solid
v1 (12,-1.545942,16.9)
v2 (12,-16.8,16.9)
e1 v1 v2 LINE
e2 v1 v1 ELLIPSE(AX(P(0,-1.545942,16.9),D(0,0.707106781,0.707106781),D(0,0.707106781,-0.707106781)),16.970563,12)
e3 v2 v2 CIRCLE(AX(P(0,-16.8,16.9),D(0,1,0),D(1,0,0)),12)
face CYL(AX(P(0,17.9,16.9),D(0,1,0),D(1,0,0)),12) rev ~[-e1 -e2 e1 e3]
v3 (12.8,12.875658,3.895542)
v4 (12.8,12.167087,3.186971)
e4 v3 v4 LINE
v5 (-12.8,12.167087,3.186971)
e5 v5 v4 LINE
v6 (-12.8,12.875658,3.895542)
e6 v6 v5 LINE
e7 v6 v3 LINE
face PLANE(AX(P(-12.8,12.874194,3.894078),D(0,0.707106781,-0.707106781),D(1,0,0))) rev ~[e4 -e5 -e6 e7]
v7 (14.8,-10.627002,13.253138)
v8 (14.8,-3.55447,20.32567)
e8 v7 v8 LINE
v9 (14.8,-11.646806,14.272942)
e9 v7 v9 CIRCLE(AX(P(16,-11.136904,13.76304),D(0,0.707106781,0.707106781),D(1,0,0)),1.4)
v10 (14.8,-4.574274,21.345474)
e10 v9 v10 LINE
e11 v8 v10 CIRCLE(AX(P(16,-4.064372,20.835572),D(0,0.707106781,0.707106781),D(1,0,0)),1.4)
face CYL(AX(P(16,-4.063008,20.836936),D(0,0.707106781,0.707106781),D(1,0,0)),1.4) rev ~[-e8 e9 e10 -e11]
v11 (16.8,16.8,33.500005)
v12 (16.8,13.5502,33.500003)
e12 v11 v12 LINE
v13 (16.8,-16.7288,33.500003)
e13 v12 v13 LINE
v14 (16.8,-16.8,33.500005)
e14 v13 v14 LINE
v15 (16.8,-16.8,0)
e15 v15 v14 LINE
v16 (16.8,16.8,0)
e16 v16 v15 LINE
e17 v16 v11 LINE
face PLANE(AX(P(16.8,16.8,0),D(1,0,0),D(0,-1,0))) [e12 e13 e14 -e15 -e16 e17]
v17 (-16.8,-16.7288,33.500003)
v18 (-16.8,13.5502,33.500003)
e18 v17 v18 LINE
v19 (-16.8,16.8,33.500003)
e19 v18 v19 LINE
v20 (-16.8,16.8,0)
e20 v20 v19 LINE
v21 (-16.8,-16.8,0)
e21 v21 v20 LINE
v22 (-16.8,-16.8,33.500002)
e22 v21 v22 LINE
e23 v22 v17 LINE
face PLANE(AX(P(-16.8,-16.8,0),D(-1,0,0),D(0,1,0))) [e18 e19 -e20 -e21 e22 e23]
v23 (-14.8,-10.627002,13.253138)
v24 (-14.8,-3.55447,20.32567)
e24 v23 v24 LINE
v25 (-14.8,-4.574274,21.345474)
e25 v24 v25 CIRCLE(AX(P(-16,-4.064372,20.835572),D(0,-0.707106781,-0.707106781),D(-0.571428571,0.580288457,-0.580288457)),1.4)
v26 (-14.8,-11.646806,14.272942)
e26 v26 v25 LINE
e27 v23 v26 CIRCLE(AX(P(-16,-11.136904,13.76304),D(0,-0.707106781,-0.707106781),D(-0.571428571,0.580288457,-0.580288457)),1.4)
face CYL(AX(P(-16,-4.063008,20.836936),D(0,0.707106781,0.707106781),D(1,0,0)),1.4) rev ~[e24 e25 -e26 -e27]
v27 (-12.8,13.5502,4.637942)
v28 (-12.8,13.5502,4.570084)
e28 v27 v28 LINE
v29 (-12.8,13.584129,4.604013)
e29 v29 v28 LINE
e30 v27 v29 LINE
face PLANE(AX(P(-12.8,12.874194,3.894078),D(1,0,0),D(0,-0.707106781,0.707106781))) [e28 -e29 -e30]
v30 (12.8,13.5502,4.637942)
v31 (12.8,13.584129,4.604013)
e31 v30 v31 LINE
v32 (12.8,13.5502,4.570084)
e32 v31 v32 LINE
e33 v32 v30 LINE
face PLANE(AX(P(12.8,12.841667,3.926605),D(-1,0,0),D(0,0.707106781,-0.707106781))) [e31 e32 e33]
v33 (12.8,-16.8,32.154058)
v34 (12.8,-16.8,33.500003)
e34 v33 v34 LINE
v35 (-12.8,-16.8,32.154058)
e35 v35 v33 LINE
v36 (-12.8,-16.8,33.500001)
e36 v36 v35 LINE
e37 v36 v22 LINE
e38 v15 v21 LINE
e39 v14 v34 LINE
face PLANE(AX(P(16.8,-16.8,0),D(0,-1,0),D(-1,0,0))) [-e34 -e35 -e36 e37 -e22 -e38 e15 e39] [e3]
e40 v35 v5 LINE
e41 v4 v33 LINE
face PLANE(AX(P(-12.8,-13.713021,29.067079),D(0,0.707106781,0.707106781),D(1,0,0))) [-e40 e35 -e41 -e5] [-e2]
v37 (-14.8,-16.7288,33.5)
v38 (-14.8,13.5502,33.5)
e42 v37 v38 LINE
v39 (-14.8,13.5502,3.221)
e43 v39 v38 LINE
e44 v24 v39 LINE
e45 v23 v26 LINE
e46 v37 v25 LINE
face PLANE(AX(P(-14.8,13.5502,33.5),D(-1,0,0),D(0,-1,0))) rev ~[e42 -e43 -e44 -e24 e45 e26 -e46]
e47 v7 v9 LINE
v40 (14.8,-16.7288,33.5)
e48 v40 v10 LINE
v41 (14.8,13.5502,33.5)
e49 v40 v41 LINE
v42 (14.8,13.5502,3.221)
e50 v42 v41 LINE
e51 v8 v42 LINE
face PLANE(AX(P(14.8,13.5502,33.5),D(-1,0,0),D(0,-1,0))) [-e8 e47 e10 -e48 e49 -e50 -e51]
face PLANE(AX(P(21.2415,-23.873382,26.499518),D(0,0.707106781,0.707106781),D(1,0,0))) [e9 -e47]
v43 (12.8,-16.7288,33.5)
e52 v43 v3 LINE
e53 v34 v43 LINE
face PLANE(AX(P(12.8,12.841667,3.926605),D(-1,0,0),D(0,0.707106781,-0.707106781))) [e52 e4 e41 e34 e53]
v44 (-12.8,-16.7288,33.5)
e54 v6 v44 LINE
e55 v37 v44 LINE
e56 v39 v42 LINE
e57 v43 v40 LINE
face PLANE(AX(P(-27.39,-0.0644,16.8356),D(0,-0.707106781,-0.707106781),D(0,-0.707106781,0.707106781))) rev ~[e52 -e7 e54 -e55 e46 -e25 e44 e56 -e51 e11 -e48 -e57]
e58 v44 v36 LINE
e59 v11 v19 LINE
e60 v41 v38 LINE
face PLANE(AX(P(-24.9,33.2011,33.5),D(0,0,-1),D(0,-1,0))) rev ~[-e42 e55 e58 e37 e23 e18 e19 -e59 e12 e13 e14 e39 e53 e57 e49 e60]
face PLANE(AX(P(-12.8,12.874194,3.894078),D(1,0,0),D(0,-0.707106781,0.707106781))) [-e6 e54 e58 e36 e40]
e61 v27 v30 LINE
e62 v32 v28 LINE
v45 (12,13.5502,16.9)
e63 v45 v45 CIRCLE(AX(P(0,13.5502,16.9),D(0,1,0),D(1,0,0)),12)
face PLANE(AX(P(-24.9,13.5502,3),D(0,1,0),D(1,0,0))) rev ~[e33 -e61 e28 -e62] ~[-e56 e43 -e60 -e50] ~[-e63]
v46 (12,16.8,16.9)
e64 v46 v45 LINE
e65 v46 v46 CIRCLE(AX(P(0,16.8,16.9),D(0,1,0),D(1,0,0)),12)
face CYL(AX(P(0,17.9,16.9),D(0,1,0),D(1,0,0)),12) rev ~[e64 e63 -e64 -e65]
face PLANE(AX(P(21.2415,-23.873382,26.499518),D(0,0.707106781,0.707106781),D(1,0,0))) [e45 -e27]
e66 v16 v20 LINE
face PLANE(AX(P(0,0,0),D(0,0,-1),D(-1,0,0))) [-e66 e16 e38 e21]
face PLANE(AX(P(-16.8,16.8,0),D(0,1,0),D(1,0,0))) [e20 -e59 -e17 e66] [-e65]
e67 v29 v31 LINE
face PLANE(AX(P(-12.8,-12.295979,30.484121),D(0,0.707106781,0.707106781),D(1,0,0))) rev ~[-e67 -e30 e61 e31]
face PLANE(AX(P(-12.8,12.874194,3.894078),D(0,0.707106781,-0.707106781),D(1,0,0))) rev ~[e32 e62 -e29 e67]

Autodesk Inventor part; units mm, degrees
ref_plane "YZ Plane" through (0, 0, 0) normal (1, 0, 0) x (0, 1, 0)
sketch "Sketch1" plane through (0, 0, 0) normal (0, 0, 1) x (1, 0, 0)
  line L0 (-34.86, 0) -> (34.86, 0) construction
  line L1 (0, -34.86) -> (0, 34.86) construction
  line L2 (0, 0) -> (16.9726, 16.9726) construction
  line L3 (0, 0) -> (24.0028, 0) construction
  line L4 (0, 24.9) -> (16.8009, 24.9)
  line L5 (16.8009, 24.9) -> (16.8009, 21.2415)
  line L6 (16.8009, 21.2415) -> (19.0212, 19.0212)
  line L7 (24.9, 0) -> (24.9, 16.8009)
  line L8 (24.9, 16.8009) -> (21.2415, 16.8009)
  line L9 (21.2415, 16.8009) -> (19.0212, 19.0212)
  line L10 (0, -24.9) -> (16.8009, -24.9)
  line L11 (16.8009, -24.9) -> (16.8009, -21.2415)
  line L12 (16.8009, -21.2415) -> (19.0212, -19.0212)
  line L13 (24.9, 0) -> (24.9, -16.8009)
  line L14 (24.9, -16.8009) -> (21.2415, -16.8009)
  line L15 (21.2415, -16.8009) -> (19.0212, -19.0212)
  line L16 (0, 0) -> (-16.9726, 16.9726) construction
  line L17 (0, 0) -> (-24.0028, 0) construction
  line L18 (0, 24.9) -> (-16.8009, 24.9)
  line L19 (-16.8009, 24.9) -> (-16.8009, 21.2415)
  line L20 (-16.8009, 21.2415) -> (-19.0212, 19.0212)
  line L21 (-24.9, 0) -> (-24.9, 16.8009)
  line L22 (-24.9, 16.8009) -> (-21.2415, 16.8009)
  line L23 (-21.2415, 16.8009) -> (-19.0212, 19.0212)
  line L24 (0, -24.9) -> (-16.8009, -24.9)
  line L25 (-16.8009, -24.9) -> (-16.8009, -21.2415)
  line L26 (-16.8009, -21.2415) -> (-19.0212, -19.0212)
  line L27 (-21.2415, -16.8009) -> (-19.0212, -19.0212)
  line L28 (-24.9, -16.8009) -> (-21.2415, -16.8009)
  line L29 (-24.9, 0) -> (-24.9, -16.8009)
  circle A0 centre (0, 0) radius 7.5
  dimension "d17" = 45
  dimension "d18" = 24.9
  dimension "d20" = 3.14
  dimension "d21" = 26.9
  dimension "d22" = 15
extrude "Extrusion1" add sketch "Sketch1" along normal blind 3 contours L4 L5 L6 L9 L8 L7 L13 L14 L15 L12 L11 L10 L24 L25 L26 L27 L28 L29 L21 L22 L23 L20 L19 L18 | A0
sketch "Sketch6" plane through (0, 0, 3) normal (0, 0, 1) x (1, 0, 0)
  line L0 (16.8009, 24.9) -> (-16.8009, 24.9) projected
  line L1 (-16.8009, 24.9) -> (-16.8009, 21.2415) projected
  line L2 (-16.8009, 21.2415) -> (-21.2415, 16.8009) projected
  line L3 (-21.2415, 16.8009) -> (-24.9, 16.8009) projected
  line L4 (-24.9, 16.8009) -> (-24.9, -16.8009) projected
  line L5 (-24.9, -16.8009) -> (-21.2415, -16.8009) projected
  line L6 (-21.2415, -16.8009) -> (-16.8009, -21.2415) projected
  line L7 (-16.8009, -21.2415) -> (-16.8009, -24.9) projected
  line L8 (-16.8009, -24.9) -> (16.8009, -24.9) projected
  line L9 (16.8009, -24.9) -> (16.8009, -21.2415) projected
  line L10 (16.8009, -21.2415) -> (21.2415, -16.8009) projected
  line L11 (21.2415, -16.8009) -> (24.9, -16.8009) projected
  line L12 (24.9, -16.8009) -> (24.9, 16.8009) projected
  line L13 (24.9, 16.8009) -> (21.2415, 16.8009) projected
  line L14 (21.2415, 16.8009) -> (16.8009, 21.2415) projected
  line L15 (16.8009, 21.2415) -> (16.8009, 24.9) projected
  line L16 (24.9, -16.8009) -> (24.9, 16.8009) projected
  line L17 (24.9, 13.5502) -> (-24.9, 13.5502)
  line L18 (-24.9, 16.8009) -> (-24.9, -16.8009) projected
  point P0 (0, 0)
ref_plane "Work Plane2" through (-27.39, -0.0644, 16.8356) normal (0, -0.7071, -0.7071) x (0, 0.7071, -0.7071)
extrude "Extrusion6" add sketch "Sketch6" along normal up to surface contours L12 L11 L10 L9 L8 L7 L6 L5 L4 L17 surface through (-27.39, -0.0644, 16.8356) normal (0, -0.7071, -0.7071)
sketch "Sketch7" plane through (-16.8009, -24.9, 0) normal (0, -1, 0) x (1, 0, 0)
  line L0 (-0.0991, 33.8) -> (0.8009, 33.8) projected
  arc A0 (-6.0991, 41.8) -> (-8.0991, 39.8) centre (-6.0991, 39.8) ccw projected
  arc A1 (41.7009, 39.8) -> (39.7009, 41.8) centre (39.7009, 39.8) ccw projected
  line L1 (41.9057, 41.8) -> (-10.6447, 41.8)
  line L2 (-10.6447, 41.8) -> (-10.6447, 33.8)
  line L3 (-10.6447, 33.8) -> (41.9057, 33.8)
  line L4 (41.9057, 33.8) -> (41.9057, 41.8)
  point P0 (16.8009, 0)
extrude "Extrusion7" cut sketch "Sketch7" against normal through all
sketch "Sketch8" plane through (21.2415, -16.8009, 0) normal (0, -1, 0) x (1, 0, 0)
  line L0 (-8.7415, 0) -> (-33.7415, 0) projected
  line L1 (-33.7415, -1) -> (-8.7415, -1) projected
  line L2 (-46.1415, 33.572) -> (-42.483, 33.572) projected
  line L3 (3.6585, 33.8) -> (0.0423, 33.8) projected
  line L4 (0, 33.572) -> (3.6585, 33.572) projected
  line L5 (-46.1415, 3.2209) -> (-46.1415, 33.572) projected
  line L6 (3.6585, 33.572) -> (-46.1415, 33.572)
  line L7 (-46.1415, 33.572) -> (-46.1415, 30.572)
  line L8 (-46.1415, 30.572) -> (3.6585, 30.572)
  line L9 (3.6585, 30.572) -> (3.6585, 33.572)
  dimension "d45" = 3
sketch "Sketch9" plane through (-16.8009, -24.9, 0) normal (0, -1, 0) x (1, 0, 0)
  line L0 (33.7009, 0) -> (33.0009, 0) construction
  line L1 (36.0327, -6) -> (22.7009, -6) construction
  circle A0 centre (16.8009, 16.9) radius 16.9 construction
  circle A1 centre (16.8009, 16.9) radius 7.5
  line L2 (39.7009, 8.1978) -> (33.7009, 8.1978) projected
  line L3 (33.7009, 8.1978) -> (33.7009, 0) projected
  line L4 (33.0009, 0) -> (33.0009, -3.7) projected
  line L5 (33.0009, -3.7) -> (22.7009, -3.7) projected
  line L6 (22.7009, -3.7) -> (22.7009, -6) projected
  arc A2 (39.7009, -2.3319) -> (36.0327, -6) centre (36.8009, -3.1) ccw projected
  line L7 (39.7009, 8.1978) -> (39.7009, -2.3319) projected
  point P0 (16.8009, 0)
  dimension "d46" = 15
extrude "Extrusion8" cut sketch "Sketch9" against normal through all
sketch "Sketch10" plane through (-16.8009, -24.9, 0) normal (0, -1, 0) x (1, 0, 0)
  circle A0 centre (16.8009, 16.9) radius 7.5 projected
  circle A1 centre (16.8009, 16.9) radius 12.75
  point P0 (16.8009, 0)
  dimension "d49" = 25.5
extrude "Extrusion9" cut sketch "Sketch10" against normal blind 7
sketch "Sketch12" plane through (-24.9, 13.5502, 3.2209) normal (0, 0.7071, 0.7071) x (1, 0, 0)
  line L0 (32.9, -31.2053) -> (32.9, -6.2053) construction
  line L1 (32.9, -6.2053) -> (16.9, -6.2053) construction
  line L2 (16.9, -6.2053) -> (16.9, -31.2053) construction
  line L3 (16.9, -31.2053) -> (32.9, -31.2053) construction
  line L4 (37.7, -37.554) -> (12.1, -37.554)
  line L5 (12.1, -37.554) -> (12.1, -0.954)
  line L6 (12.1, -0.954) -> (37.7, -0.954)
  line L7 (37.7, -0.954) -> (37.7, -37.554)
  line L8 (37.7, -37.554) -> (12.1, -0.954) construction
  line L9 (12.1, -37.554) -> (37.7, -0.954) construction
  line L10 (10.6, -39.054) -> (39.2, -39.054)
  line L11 (39.2, -39.054) -> (39.2, 0.546)
  line L12 (39.2, 0.546) -> (10.6, 0.546)
  line L13 (10.6, 0.546) -> (10.6, -39.054)
  point P0 (24.9, -19.254)
  point P1 (24.9, -8.7385)
  point P2 (24.9, -8.7385)
  dimension "d81" = 25.6
  dimension "d82" = 36.6
  dimension "d83" = 1.5
sketch "Sketch13" plane through (0, 0, 3) normal (0, 0, 1) x (1, 0, 0)
  line L0 (24.9, 13.5502) -> (24.9, 16.8009) projected
  line L1 (24.9, 16.8009) -> (21.2415, 16.8009) projected
  line L2 (21.2415, 16.8009) -> (16.8009, 21.2415) projected
  line L3 (16.8009, 21.2415) -> (16.8009, 24.9) projected
  line L4 (16.8009, 24.9) -> (-16.8009, 24.9) projected
  line L5 (-16.8009, 24.9) -> (-16.8009, 21.2415) projected
  line L6 (-16.8009, 21.2415) -> (-21.2415, 16.8009) projected
  line L7 (-21.2415, 16.8009) -> (-24.9, 16.8009) projected
  line L8 (-24.9, 16.8009) -> (-24.9, 13.5502) projected
  line L9 (-24.9, 13.5502) -> (24.9, 13.5502) projected
  point P0 (0, 0)
ref_plane "Work Plane3" through (-16.9, 21.1423, 33.8) normal (0, 0, -1) x (0, 1, 0)
extrude "Extrusion12" add sketch "Sketch13" along normal up to surface (30.8 mm away)
sketch "Sketch14" plane through (-16.8009, 24.9, 0) normal (0, 1, 0) x (1, 0, 0)
  line L0 (-0.0991, -33.8) -> (-0.0991, 0) construction
  line L1 (33.6017, -33.8) -> (0, -33.8) projected
  line L2 (0, 0) -> (33.6017, 0) projected
  line L3 (33.6017, 0) -> (33.6017, -33.8) projected
  arc A0 (16.8009, -9.4) -> (16.8009, -9.4) centre (16.8009, -16.9) ccw construction
  circle A1 centre (16.8009, -16.9) radius 12.75
  point P0 (16.8009, 0)
  dimension "d61" = 25.5
extrude "Extrusion13" cut sketch "Sketch14" against normal blind 7
sketch "Sketch15" plane through (0, 17.9, 16.9) normal (0, 1, 0) x (1, 0, 0)
  circle A0 centre (0, 0) radius 7.5 projected
  circle A1 centre (0, 0) radius 12
  point P0 (0, 16.9)
  dimension "d84" = 24
extrude "Extrusion14" cut sketch "Sketch15" against normal through all contours A0 | A1
sketch "Sketch16" plane through (21.2415, -16.8009, 33.572) normal (0, 0.7071, 0.7071) x (1, 0, 0)
  line L0 (-42.255, -0.3224) -> (-0.228, -0.3224) projected
  line L1 (-0.228, -0.3224) -> (0, 0) projected
  line L2 (0, 0) -> (3.6585, 0) projected
  line L3 (3.6585, 0) -> (3.6585, 42.9229) projected
  line L4 (-46.1415, 42.9229) -> (-46.1415, 0) projected
  line L5 (-46.1415, 0) -> (-42.483, 0) projected
  line L6 (-42.483, 0) -> (-42.255, -0.3224) projected
  line L7 (-4.4406, 18.0121) -> (-38.0423, 18.0121) projected
  circle A0 centre (-37.2415, 18.0121) radius 1.4
  circle A1 centre (-5.2415, 18.0121) radius 1.4
  line L8 (3.6585, 42.9229) -> (-46.1415, 42.9229) projected
  ellipse E0 centre (-21.2415, 23.5778) end of major axis (-21.2415, 40.5484) minor radius 12 projected
  point P0 (-21.2415, 35.619)
  dimension "d68" = 2.8
  dimension "d69" = 2.8
  dimension "d85" = 16
extrude "Extrusion15" cut sketch "Sketch16" against normal blind 10 contours A0 | A1
sketch "Sketch17" plane through (-24.9, -16.8009, 0) normal (-1, 0, 0) x (0, 0, 1)
  line L0 (43.2726, 50.002) -> (33.5, 50.002)
  line L1 (33.5, 50.002) -> (33.5, -21.818)
  line L2 (33.5, -21.818) -> (43.2726, -21.818)
  line L3 (43.2726, -21.818) -> (43.2726, 50.002)
  line L4 (0, 0) -> (0, 33.6017) projected
  point P0 (0, 16.8009)
  dimension "d72" = 33.5
extrude "Extrusion16" cut sketch "Sketch17" against normal through all
ref_plane "Work Plane4" through (-12.8, -13.0045, 29.7756) normal (0, 0.7071, 0.7071) x (1, 0, 0)
sketch "Sketch19" plane through (-12.8, -13.0045, 29.7756) normal (0, 0.7071, 0.7071) x (1, 0, 0)
  line L0 (0, 36.554) -> (-1.5, 36.554) projected
  line L1 (-1.5, 36.554) -> (-1.5, -1.5) projected
  line L2 (-1.5, -1.5) -> (27.1, -1.5) projected
  line L3 (27.1, -1.5) -> (27.1, 36.554) projected
  line L4 (27.1, 36.554) -> (25.6, 36.554) projected
  line L5 (25.6, 36.554) -> (25.6, 0) projected
  line L6 (25.6, 0) -> (0, 0) projected
  line L7 (0, 0) -> (0, 36.554) projected
  line L8 (25.6, 0) -> (25.6, 36.6) projected
  line L9 (0, 0) -> (25.6, 0) projected
  line L10 (0, 36.6) -> (0, 0) projected
  line L11 (25.6, -1.5) -> (0, -1.5)
  line L12 (0, -1.5) -> (0, 36.6)
  line L13 (0, 36.6) -> (25.6, 36.6)
  line L14 (25.6, 36.6) -> (25.6, -1.5)
  line L15 (25.6, -1.5) -> (0, -1.5)
  line L16 (0, -1.5) -> (0, -6.2491)
  line L17 (0, -6.2491) -> (25.6, -6.2491)
  line L18 (25.6, -6.2491) -> (25.6, -1.5)
  point P0 (12.8, 30.2501)
extrude "Extrusion18" cut sketch "Sketch19" along normal mid plane 2 contours L10 L13 L8 L5 L6 L7 | L6 L14 L2 L12 | L2 L18 L17 L16
sketch "Sketch21" plane through (0, 0, 0) normal (0, 0, -1) x (-1, 0, 0)
  line L0 (16.8009, -24.9) -> (16.8009, -21.2415) projected
  line L1 (16.8009, -21.2415) -> (21.2415, -16.8009) projected
  line L2 (21.2415, -16.8009) -> (24.9, -16.8009) projected
  line L3 (24.9, -16.8009) -> (24.9, 16.8009) projected
  line L4 (24.9, 16.8009) -> (21.2415, 16.8009) projected
  line L5 (21.2415, 16.8009) -> (16.8009, 21.2415) projected
  line L6 (16.8009, 21.2415) -> (16.8009, 24.9) projected
  line L7 (16.8009, 24.9) -> (-16.8009, 24.9) projected
  line L8 (-16.8009, 24.9) -> (-16.8009, 21.2415) projected
  line L9 (-16.8009, 21.2415) -> (-21.2415, 16.8009) projected
  line L10 (-21.2415, 16.8009) -> (-24.9, 16.8009) projected
  line L11 (-24.9, 16.8009) -> (-24.9, -16.8009) projected
  line L12 (-24.9, -16.8009) -> (-21.2415, -16.8009) projected
  line L13 (-21.2415, -16.8009) -> (-16.8009, -21.2415) projected
  line L14 (-16.8009, -21.2415) -> (-16.8009, -24.9) projected
  line L15 (-16.8009, -24.9) -> (16.8009, -24.9) projected
  line L16 (-16.8, -16.8) -> (16.8, -16.8)
  line L17 (16.8, -16.8) -> (16.8, 16.8)
  line L18 (16.8, 16.8) -> (-16.8, 16.8)
  line L19 (-16.8, 16.8) -> (-16.8, -16.8)
  line L20 (-16.8, -16.8) -> (16.8, 16.8) construction
  line L21 (16.8, -16.8) -> (-16.8, 16.8) construction
  point P0 (0, 0)
  point P1 (0, 0)
  dimension "d92" = 33.6
  dimension "d93" = 33.6
extrude "Extrusion20" cut sketch "Sketch21" against normal through all contours L19 L18 L17 L16 keep common part
sketch "Sketch22" plane through (-16.8, 16.8, 33.5) normal (0, 0, 1) x (1, 0, 0)
  line L0 (33.6, -33.5288) -> (33.6, -33.6) projected
  line L1 (0, 0) -> (33.6, 0) projected
  line L2 (0, -33.6) -> (0, -33.5288) projected
  line L3 (41.7, -33.6009) -> (-8.1, -33.6009) projected
  line L4 (33.6, 0) -> (33.6, -33.6) projected
  line L5 (29.6, -33.5288) -> (33.6, -33.5288) projected
  line L6 (33.6, 0) -> (31.6, 0)
  line L7 (31.6, 0) -> (31.6, -33.5288)
  line L8 (31.6, -33.5288) -> (33.6, -33.5288)
  line L9 (33.6, -33.5288) -> (33.6, 0)
  line L10 (33.6, 0) -> (0, 0) projected
  line L11 (0, -33.5288) -> (4, -33.5288) projected
  line L12 (0, 0) -> (2, 0)
  line L13 (2, 0) -> (2, -33.5288)
  line L14 (2, -33.5288) -> (0, -33.5288)
  line L15 (0, -33.5288) -> (0, 0)
  line L16 (33.6, -33.6) -> (29.6, -33.6) projected
  line L17 (4, -33.6) -> (0, -33.6) projected
  line L18 (4, -33.6) -> (4, -33.5288) projected
  line L19 (29.6, -33.5288) -> (29.6, -33.6) projected
  line L20 (29.6, -33.5288) -> (33.6, -33.5288) projected
  line L21 (33.6, 0) -> (33.6, -3.2498) projected
  line L22 (0, -3.2498) -> (0, 0) projected
  line L23 (33.6, -3.2498) -> (0, -3.2498) projected
  line L24 (0, -33.5288) -> (4, -33.5288) projected
  point P0 (16.8, -16.8)
  point P1 (33.6, -3.2498)
  point P2 (2, 0)
extrude "Extrusion21" add sketch "Sketch22" against normal up to surface (33.5 mm away) contours L5 L7 L23 L4 | L23 L7 L1 L4 | L3 L2 L11 L18 | L23 L15 L1 L13 | L13 L11 L15 L23
properties part number "20_Cube_Insert_Beamsplittercube_Base_25x35_v3"
